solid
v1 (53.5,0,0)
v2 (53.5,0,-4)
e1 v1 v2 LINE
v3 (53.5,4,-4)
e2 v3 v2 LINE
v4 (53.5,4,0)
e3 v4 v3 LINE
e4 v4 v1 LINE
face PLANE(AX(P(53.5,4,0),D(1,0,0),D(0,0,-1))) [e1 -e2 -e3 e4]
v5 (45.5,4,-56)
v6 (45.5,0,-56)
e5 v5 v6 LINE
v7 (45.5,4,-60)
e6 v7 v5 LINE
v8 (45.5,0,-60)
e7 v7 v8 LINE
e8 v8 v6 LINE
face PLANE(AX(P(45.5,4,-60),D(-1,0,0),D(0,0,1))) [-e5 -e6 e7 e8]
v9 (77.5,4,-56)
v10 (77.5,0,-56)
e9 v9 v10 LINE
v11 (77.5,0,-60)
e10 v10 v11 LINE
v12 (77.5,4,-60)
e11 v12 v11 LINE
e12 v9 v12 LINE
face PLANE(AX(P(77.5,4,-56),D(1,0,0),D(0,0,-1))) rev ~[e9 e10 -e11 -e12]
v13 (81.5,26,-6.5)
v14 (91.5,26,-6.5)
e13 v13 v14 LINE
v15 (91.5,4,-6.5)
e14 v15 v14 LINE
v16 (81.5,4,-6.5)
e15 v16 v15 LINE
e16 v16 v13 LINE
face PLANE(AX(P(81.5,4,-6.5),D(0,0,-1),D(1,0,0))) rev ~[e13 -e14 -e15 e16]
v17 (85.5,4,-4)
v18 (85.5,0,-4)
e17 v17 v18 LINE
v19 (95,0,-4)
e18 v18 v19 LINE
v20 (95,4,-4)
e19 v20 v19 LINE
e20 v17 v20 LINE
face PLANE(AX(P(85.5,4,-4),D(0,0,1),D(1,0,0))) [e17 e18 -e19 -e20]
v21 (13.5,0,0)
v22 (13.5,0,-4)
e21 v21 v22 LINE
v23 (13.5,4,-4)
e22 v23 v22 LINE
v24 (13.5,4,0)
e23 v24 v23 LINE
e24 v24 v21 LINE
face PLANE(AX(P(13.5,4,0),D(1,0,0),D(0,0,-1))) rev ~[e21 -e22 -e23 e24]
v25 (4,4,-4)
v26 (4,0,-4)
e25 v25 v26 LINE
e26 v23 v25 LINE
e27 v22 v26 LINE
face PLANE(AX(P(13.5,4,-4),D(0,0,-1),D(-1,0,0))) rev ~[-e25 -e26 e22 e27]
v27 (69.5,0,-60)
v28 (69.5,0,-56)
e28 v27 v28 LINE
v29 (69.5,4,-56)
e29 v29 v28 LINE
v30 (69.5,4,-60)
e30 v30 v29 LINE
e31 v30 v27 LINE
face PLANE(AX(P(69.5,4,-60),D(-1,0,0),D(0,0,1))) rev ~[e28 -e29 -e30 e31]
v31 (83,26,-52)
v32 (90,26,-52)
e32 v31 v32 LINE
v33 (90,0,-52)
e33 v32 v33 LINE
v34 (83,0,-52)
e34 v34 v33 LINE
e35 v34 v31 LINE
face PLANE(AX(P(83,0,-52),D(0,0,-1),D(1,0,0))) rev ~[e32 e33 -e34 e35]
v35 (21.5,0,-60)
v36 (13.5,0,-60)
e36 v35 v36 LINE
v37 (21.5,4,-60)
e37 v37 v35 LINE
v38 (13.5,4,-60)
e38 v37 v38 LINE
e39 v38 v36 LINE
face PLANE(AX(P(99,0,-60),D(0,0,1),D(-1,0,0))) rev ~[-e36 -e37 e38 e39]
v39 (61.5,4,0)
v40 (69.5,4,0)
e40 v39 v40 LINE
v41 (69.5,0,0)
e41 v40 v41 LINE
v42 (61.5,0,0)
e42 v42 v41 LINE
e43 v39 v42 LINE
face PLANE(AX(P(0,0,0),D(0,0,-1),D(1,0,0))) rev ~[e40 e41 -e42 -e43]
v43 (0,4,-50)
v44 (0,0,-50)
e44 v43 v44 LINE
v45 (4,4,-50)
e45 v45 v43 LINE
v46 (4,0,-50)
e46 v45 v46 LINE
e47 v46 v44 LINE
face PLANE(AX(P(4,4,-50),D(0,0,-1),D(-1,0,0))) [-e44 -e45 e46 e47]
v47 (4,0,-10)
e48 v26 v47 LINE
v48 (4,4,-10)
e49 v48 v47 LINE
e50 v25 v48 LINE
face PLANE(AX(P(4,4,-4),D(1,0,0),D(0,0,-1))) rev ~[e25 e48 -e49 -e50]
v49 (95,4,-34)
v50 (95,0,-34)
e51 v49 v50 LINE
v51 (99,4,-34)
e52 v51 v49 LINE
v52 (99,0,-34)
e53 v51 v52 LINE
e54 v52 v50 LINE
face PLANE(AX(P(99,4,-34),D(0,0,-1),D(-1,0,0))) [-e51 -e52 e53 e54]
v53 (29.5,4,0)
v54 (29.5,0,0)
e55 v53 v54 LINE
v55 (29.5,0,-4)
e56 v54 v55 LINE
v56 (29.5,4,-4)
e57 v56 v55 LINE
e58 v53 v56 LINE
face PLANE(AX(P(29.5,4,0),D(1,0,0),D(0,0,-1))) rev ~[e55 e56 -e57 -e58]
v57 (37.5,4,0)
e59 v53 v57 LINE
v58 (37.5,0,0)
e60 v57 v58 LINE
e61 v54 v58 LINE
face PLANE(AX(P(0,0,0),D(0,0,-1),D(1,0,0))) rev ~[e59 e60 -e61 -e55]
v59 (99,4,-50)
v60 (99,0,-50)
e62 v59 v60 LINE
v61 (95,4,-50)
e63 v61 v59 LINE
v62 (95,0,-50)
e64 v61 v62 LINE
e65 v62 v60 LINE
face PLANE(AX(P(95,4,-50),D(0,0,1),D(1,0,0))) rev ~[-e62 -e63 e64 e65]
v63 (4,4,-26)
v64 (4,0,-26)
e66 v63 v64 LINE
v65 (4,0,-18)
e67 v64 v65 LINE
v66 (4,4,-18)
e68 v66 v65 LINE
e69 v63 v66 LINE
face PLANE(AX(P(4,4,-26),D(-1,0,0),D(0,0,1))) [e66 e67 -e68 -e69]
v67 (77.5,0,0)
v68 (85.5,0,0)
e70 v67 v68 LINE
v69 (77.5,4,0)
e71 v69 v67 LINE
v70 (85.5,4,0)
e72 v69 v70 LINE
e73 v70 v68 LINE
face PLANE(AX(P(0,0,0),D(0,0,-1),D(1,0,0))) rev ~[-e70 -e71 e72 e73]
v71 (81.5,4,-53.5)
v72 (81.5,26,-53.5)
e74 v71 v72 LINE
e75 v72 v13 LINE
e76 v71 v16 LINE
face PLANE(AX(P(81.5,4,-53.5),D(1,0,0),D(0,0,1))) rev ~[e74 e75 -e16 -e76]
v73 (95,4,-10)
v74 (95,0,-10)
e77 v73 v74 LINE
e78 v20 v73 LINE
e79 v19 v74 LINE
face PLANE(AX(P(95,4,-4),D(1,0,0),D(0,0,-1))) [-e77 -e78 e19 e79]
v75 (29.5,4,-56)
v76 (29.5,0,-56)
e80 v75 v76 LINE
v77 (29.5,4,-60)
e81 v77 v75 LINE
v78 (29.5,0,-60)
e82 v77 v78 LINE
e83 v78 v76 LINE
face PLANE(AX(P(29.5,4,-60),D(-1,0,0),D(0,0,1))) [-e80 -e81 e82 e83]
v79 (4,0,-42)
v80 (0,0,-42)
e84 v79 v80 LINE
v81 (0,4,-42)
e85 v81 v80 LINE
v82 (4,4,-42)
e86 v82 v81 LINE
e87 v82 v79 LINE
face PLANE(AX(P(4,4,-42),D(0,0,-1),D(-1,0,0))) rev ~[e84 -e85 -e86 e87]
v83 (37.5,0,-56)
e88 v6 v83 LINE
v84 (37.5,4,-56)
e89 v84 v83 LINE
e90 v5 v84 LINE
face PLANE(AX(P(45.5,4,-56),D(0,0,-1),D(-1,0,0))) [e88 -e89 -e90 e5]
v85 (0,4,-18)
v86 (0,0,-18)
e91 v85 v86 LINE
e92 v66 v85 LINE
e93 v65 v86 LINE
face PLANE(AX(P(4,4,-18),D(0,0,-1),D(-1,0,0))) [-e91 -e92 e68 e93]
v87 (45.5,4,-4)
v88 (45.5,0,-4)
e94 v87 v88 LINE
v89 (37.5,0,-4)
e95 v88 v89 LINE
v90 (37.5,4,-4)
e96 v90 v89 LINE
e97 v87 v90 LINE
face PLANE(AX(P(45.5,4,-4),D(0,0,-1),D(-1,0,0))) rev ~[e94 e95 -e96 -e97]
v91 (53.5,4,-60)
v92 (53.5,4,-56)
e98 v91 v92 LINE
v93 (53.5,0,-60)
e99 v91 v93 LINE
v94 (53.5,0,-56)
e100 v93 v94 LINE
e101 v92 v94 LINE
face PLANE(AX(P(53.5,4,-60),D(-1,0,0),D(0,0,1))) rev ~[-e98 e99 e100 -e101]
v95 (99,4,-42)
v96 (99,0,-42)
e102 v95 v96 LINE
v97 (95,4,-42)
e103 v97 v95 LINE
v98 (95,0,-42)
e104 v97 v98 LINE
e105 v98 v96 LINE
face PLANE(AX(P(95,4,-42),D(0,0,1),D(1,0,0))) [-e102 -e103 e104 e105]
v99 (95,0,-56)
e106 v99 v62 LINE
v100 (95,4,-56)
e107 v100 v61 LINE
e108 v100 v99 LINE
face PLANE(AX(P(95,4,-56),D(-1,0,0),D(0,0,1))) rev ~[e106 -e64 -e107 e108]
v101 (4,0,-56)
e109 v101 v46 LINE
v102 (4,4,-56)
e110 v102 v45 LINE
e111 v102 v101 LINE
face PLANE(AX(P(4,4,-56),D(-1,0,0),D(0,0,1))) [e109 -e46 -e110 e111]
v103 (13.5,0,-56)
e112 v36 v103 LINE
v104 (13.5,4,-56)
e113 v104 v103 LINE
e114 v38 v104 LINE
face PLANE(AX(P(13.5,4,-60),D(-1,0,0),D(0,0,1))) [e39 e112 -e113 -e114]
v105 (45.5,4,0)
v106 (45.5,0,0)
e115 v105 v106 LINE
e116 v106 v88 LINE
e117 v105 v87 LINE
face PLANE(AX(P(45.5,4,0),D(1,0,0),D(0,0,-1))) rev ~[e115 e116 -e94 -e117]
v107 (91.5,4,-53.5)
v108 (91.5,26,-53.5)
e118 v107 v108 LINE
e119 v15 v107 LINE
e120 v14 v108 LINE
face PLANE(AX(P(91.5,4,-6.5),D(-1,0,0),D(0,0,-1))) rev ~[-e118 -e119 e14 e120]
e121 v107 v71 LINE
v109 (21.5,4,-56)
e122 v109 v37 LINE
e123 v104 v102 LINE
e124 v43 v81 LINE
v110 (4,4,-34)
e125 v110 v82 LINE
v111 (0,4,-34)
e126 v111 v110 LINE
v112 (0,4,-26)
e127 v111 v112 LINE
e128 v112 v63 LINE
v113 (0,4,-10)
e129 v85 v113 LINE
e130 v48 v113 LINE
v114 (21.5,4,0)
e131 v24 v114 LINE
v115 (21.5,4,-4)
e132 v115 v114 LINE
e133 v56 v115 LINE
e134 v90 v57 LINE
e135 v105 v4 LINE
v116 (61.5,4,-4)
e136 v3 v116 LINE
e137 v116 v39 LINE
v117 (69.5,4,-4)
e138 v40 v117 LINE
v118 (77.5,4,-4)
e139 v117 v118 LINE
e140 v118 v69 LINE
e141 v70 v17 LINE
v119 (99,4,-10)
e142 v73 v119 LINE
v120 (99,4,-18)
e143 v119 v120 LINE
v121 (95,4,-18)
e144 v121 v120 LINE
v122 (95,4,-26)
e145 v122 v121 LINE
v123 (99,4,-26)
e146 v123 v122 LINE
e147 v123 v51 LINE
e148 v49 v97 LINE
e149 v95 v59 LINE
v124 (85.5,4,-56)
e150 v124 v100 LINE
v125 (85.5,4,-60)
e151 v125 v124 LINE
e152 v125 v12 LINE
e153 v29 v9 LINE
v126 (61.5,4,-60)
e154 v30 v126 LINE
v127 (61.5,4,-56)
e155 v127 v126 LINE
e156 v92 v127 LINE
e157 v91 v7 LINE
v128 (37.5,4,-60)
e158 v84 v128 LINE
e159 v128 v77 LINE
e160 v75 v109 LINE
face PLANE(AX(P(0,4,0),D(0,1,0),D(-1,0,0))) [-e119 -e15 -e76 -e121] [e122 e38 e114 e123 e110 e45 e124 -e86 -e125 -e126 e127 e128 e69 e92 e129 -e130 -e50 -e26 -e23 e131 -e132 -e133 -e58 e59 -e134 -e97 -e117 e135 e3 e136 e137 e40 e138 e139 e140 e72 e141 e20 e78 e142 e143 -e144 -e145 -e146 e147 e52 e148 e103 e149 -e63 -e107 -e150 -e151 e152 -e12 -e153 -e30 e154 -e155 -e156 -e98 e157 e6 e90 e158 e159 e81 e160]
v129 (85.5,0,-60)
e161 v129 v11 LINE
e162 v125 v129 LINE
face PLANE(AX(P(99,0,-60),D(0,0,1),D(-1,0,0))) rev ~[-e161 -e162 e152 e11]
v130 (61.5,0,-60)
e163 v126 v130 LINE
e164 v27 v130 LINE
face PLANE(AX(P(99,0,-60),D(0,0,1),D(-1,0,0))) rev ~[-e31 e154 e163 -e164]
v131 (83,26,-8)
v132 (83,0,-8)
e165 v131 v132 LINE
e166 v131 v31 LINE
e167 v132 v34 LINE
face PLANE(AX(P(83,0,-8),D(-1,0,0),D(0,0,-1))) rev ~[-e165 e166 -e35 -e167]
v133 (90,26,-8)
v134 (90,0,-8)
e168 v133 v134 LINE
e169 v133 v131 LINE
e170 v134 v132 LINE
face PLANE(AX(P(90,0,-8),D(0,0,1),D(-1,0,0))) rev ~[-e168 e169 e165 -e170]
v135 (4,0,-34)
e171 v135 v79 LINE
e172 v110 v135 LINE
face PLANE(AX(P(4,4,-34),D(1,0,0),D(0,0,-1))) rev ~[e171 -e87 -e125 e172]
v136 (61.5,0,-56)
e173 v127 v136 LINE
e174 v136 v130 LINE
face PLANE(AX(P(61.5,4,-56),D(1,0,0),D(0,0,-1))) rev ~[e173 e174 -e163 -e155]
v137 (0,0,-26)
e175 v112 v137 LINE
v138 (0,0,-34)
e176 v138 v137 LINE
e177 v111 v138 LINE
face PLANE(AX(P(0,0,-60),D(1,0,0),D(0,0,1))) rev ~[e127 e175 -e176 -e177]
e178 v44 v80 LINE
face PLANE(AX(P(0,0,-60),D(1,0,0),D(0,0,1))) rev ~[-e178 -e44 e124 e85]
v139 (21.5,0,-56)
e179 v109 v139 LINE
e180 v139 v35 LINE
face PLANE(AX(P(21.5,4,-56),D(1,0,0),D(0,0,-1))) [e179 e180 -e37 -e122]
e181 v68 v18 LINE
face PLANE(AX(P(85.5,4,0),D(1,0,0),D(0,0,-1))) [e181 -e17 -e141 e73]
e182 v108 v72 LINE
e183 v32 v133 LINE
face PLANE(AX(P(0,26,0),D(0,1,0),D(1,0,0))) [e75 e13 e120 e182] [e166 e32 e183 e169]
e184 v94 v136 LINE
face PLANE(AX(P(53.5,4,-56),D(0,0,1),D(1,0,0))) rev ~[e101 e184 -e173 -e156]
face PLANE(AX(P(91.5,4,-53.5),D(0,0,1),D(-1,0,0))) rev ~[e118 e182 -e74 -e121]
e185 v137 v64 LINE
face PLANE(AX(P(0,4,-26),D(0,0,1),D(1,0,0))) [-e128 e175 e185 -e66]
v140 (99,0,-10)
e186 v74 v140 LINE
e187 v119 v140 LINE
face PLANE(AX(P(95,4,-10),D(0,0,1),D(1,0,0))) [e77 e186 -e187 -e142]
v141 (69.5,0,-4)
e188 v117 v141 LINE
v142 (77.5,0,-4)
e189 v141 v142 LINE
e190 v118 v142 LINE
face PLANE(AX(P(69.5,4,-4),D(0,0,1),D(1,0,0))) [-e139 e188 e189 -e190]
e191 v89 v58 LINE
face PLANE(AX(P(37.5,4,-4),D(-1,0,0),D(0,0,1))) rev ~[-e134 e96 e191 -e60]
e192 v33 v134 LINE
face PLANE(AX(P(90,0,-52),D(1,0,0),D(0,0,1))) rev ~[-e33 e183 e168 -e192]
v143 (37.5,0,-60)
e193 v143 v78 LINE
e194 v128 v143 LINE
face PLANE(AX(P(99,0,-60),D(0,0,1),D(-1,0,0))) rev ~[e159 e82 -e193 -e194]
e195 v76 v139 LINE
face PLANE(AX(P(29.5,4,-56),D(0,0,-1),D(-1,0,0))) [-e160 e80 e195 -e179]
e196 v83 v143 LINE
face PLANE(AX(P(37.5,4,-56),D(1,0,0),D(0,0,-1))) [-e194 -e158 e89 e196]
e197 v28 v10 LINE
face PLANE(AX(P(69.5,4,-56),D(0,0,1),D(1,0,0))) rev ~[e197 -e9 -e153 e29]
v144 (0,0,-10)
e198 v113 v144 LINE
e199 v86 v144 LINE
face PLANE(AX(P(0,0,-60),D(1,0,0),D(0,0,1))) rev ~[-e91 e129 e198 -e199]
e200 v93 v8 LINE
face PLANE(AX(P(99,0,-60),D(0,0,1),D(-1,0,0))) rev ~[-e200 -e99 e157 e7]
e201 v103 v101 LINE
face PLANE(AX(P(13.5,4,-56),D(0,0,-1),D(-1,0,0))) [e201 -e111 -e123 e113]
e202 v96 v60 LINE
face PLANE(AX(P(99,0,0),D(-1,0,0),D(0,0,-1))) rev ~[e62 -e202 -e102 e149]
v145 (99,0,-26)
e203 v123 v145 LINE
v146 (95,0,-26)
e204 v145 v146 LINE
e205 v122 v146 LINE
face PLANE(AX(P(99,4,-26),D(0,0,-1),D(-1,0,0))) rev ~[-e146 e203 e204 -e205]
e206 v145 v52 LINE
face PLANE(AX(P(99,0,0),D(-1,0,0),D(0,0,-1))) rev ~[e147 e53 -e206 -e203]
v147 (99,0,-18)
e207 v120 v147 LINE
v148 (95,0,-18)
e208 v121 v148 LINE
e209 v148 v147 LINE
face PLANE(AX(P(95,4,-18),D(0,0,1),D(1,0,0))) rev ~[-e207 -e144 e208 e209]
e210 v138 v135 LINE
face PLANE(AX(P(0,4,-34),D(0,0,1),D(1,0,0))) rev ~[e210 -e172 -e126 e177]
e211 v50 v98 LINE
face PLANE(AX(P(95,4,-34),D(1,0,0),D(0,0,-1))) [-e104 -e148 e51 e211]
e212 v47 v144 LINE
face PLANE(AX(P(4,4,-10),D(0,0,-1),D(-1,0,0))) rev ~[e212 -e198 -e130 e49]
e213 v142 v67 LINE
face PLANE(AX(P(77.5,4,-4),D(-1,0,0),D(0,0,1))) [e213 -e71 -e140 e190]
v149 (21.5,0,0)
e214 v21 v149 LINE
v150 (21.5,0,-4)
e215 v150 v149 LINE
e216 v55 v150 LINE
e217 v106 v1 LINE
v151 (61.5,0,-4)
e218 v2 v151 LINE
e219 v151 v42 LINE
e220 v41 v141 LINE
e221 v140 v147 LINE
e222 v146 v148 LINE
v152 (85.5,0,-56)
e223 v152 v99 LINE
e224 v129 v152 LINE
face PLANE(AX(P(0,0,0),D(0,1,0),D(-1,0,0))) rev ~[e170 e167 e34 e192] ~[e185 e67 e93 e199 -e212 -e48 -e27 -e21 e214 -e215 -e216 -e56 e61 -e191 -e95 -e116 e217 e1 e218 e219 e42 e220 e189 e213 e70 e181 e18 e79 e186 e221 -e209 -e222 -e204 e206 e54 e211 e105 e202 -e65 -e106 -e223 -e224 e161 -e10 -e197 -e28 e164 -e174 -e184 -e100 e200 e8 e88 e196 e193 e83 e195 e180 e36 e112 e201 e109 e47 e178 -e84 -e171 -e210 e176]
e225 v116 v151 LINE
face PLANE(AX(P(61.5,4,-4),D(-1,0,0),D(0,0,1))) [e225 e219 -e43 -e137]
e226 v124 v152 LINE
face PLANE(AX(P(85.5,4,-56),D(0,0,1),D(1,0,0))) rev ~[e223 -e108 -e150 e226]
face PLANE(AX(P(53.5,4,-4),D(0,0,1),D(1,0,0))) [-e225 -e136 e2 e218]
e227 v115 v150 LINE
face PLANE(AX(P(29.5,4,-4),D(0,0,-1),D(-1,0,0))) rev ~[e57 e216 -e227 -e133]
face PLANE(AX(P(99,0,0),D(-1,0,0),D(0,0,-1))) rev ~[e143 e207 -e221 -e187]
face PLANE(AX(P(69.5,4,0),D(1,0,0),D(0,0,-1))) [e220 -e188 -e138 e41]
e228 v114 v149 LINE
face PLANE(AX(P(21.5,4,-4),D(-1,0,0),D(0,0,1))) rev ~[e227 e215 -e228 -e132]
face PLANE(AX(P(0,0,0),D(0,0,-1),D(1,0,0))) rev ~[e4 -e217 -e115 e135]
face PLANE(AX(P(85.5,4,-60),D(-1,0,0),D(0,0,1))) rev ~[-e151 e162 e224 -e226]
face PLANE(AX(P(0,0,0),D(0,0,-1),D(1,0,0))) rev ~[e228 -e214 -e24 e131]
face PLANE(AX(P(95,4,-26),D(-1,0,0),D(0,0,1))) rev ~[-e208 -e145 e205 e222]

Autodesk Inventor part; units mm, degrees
ref_plane "YZ Plane" through (0, 0, 0) normal (1, 0, 0) x (0, 1, 0)
ref_plane "XZ Plane" through (0, 0, 0) normal (0, 1, 0) x (-1, 0, 0)
ref_plane "XY Plane" through (0, 0, 0) normal (0, 0, 1) x (1, 0, 0)
sketch "Sketch1" plane through (0, 0, 0) normal (0, 1, 0) x (-1, 0, 0)
  line L0 (0, 0) -> (-99, 0)
  line L1 (-99, 0) -> (-99, -60)
  line L2 (-99, -60) -> (0, -60)
  line L3 (0, -60) -> (0, 0)
  line L4 (-83, -52) -> (-90, -52)
  line L5 (-90, -52) -> (-90, -8)
  line L6 (-90, -8) -> (-83, -8)
  line L7 (-83, -8) -> (-83, -52)
  dimension "d0" = 99
  dimension "d1" = 60
  dimension "d2" = 7
  dimension "d3" = 44
  dimension "d4" = 8
  dimension "d5" = 9
extrude "Extrusion1" add sketch "Sketch1" along normal blind 4
sketch "Sketch2" plane through (0, 4, 0) normal (0, 1, 0) x (1, 0, 0)
  line L0 (83, 8) -> (83, 52) projected
  line L1 (83, 52) -> (90, 52) projected
  line L2 (90, 52) -> (90, 8) projected
  line L3 (90, 8) -> (83, 8) projected
  line L4 (91.5, 53.5) -> (81.5, 53.5)
  line L5 (81.5, 53.5) -> (81.5, 6.5)
  line L6 (81.5, 6.5) -> (91.5, 6.5)
  line L7 (91.5, 6.5) -> (91.5, 53.5)
  point P0 (0, 0)
  dimension "d8" = 1.5
extrude "Extrusion2" add sketch "Sketch2" along normal blind 22
sketch "Sketch3" plane through (0, 4, 0) normal (0, 1, 0) x (1, 0, 0)
  line L0 (99, 60) -> (0, 60) construction
  line L1 (0, 60) -> (0, 0) construction
  line L2 (0, 0) -> (99, 0) construction
  line L3 (99, 0) -> (99, 60) construction
  line L4 (4, 56) -> (95, 56) construction
  line L5 (95, 56) -> (95, 4) construction
  line L6 (95, 4) -> (4, 4) construction
  line L7 (4, 4) -> (4, 56) construction
  line L8 (0, 30) -> (99, 30) construction
  line L9 (49.5, 0) -> (49.5, 60) construction
  line L10 (0, 50) -> (0, 60)
  line L11 (0, 60) -> (13.5, 60)
  line L12 (13.5, 60) -> (13.5, 56)
  line L13 (13.5, 56) -> (4, 56)
  line L14 (4, 56) -> (4, 50)
  line L15 (4, 50) -> (0, 50)
  line L16 (0, 34) -> (4, 34)
  line L17 (4, 34) -> (4, 42)
  line L18 (4, 42) -> (0, 42)
  line L19 (0, 42) -> (0, 34)
  line L20 (45.5, 56) -> (37.5, 56)
  line L21 (37.5, 56) -> (37.5, 60)
  line L22 (37.5, 60) -> (45.5, 60)
  line L23 (45.5, 60) -> (45.5, 56)
  line L24 (29.5, 56) -> (21.5, 56)
  line L25 (21.5, 56) -> (21.5, 60)
  line L26 (21.5, 60) -> (29.5, 60)
  line L27 (29.5, 60) -> (29.5, 56)
  line L28 (0, 10) -> (0, 0)
  line L29 (0, 0) -> (13.5, 0)
  line L30 (13.5, 0) -> (13.5, 4)
  line L31 (13.5, 4) -> (4, 4)
  line L32 (4, 4) -> (4, 10)
  line L33 (4, 10) -> (0, 10)
  line L34 (0, 26) -> (4, 26)
  line L35 (4, 26) -> (4, 18)
  line L36 (4, 18) -> (0, 18)
  line L37 (0, 18) -> (0, 26)
  line L38 (45.5, 4) -> (37.5, 4)
  line L39 (37.5, 4) -> (37.5, 0)
  line L40 (37.5, 0) -> (45.5, 0)
  line L41 (45.5, 0) -> (45.5, 4)
  line L42 (29.5, 4) -> (21.5, 4)
  line L43 (21.5, 4) -> (21.5, 0)
  line L44 (21.5, 0) -> (29.5, 0)
  line L45 (29.5, 0) -> (29.5, 4)
  line L46 (99, 60) -> (99, 0) construction
  line L47 (95, 4) -> (95, 56) construction
  line L48 (99, 50) -> (99, 60)
  line L49 (99, 60) -> (85.5, 60)
  line L50 (85.5, 60) -> (85.5, 56)
  line L51 (85.5, 56) -> (95, 56)
  line L52 (95, 56) -> (95, 50)
  line L53 (95, 50) -> (99, 50)
  line L54 (99, 34) -> (95, 34)
  line L55 (95, 34) -> (95, 42)
  line L56 (95, 42) -> (99, 42)
  line L57 (99, 42) -> (99, 34)
  line L58 (53.5, 56) -> (61.5, 56)
  line L59 (61.5, 56) -> (61.5, 60)
  line L60 (61.5, 60) -> (53.5, 60)
  line L61 (53.5, 60) -> (53.5, 56)
  line L62 (69.5, 56) -> (77.5, 56)
  line L63 (77.5, 56) -> (77.5, 60)
  line L64 (77.5, 60) -> (69.5, 60)
  line L65 (69.5, 60) -> (69.5, 56)
  line L66 (77.5, 4) -> (77.5, 0)
  line L67 (69.5, 4) -> (77.5, 4)
  line L68 (77.5, 0) -> (69.5, 0)
  line L69 (69.5, 0) -> (69.5, 4)
  line L70 (61.5, 4) -> (61.5, 0)
  line L71 (53.5, 0) -> (53.5, 4)
  line L72 (53.5, 4) -> (61.5, 4)
  line L73 (61.5, 0) -> (53.5, 0)
  line L74 (85.5, 0) -> (85.5, 4)
  line L75 (85.5, 4) -> (95, 4)
  line L76 (95, 4) -> (95, 10)
  line L77 (99, 0) -> (85.5, 0)
  line L78 (99, 10) -> (99, 0)
  line L79 (95, 10) -> (99, 10)
  line L80 (95, 18) -> (99, 18)
  line L81 (95, 26) -> (95, 18)
  line L82 (99, 18) -> (99, 26)
  line L83 (99, 26) -> (95, 26)
  dimension "d11" = 4
  dimension "d12" = 8
  dimension "d13" = 4
  dimension "d14" = 8
  dimension "d15" = 8
  dimension "d16" = 4
  dimension "d17" = 8
  dimension "d18" = 8
  dimension "d19" = 8
extrude "Extrusion3" cut sketch "Sketch3" against normal up to surface (4 mm away)
properties part number "top" material "PBT Plastic Black"
